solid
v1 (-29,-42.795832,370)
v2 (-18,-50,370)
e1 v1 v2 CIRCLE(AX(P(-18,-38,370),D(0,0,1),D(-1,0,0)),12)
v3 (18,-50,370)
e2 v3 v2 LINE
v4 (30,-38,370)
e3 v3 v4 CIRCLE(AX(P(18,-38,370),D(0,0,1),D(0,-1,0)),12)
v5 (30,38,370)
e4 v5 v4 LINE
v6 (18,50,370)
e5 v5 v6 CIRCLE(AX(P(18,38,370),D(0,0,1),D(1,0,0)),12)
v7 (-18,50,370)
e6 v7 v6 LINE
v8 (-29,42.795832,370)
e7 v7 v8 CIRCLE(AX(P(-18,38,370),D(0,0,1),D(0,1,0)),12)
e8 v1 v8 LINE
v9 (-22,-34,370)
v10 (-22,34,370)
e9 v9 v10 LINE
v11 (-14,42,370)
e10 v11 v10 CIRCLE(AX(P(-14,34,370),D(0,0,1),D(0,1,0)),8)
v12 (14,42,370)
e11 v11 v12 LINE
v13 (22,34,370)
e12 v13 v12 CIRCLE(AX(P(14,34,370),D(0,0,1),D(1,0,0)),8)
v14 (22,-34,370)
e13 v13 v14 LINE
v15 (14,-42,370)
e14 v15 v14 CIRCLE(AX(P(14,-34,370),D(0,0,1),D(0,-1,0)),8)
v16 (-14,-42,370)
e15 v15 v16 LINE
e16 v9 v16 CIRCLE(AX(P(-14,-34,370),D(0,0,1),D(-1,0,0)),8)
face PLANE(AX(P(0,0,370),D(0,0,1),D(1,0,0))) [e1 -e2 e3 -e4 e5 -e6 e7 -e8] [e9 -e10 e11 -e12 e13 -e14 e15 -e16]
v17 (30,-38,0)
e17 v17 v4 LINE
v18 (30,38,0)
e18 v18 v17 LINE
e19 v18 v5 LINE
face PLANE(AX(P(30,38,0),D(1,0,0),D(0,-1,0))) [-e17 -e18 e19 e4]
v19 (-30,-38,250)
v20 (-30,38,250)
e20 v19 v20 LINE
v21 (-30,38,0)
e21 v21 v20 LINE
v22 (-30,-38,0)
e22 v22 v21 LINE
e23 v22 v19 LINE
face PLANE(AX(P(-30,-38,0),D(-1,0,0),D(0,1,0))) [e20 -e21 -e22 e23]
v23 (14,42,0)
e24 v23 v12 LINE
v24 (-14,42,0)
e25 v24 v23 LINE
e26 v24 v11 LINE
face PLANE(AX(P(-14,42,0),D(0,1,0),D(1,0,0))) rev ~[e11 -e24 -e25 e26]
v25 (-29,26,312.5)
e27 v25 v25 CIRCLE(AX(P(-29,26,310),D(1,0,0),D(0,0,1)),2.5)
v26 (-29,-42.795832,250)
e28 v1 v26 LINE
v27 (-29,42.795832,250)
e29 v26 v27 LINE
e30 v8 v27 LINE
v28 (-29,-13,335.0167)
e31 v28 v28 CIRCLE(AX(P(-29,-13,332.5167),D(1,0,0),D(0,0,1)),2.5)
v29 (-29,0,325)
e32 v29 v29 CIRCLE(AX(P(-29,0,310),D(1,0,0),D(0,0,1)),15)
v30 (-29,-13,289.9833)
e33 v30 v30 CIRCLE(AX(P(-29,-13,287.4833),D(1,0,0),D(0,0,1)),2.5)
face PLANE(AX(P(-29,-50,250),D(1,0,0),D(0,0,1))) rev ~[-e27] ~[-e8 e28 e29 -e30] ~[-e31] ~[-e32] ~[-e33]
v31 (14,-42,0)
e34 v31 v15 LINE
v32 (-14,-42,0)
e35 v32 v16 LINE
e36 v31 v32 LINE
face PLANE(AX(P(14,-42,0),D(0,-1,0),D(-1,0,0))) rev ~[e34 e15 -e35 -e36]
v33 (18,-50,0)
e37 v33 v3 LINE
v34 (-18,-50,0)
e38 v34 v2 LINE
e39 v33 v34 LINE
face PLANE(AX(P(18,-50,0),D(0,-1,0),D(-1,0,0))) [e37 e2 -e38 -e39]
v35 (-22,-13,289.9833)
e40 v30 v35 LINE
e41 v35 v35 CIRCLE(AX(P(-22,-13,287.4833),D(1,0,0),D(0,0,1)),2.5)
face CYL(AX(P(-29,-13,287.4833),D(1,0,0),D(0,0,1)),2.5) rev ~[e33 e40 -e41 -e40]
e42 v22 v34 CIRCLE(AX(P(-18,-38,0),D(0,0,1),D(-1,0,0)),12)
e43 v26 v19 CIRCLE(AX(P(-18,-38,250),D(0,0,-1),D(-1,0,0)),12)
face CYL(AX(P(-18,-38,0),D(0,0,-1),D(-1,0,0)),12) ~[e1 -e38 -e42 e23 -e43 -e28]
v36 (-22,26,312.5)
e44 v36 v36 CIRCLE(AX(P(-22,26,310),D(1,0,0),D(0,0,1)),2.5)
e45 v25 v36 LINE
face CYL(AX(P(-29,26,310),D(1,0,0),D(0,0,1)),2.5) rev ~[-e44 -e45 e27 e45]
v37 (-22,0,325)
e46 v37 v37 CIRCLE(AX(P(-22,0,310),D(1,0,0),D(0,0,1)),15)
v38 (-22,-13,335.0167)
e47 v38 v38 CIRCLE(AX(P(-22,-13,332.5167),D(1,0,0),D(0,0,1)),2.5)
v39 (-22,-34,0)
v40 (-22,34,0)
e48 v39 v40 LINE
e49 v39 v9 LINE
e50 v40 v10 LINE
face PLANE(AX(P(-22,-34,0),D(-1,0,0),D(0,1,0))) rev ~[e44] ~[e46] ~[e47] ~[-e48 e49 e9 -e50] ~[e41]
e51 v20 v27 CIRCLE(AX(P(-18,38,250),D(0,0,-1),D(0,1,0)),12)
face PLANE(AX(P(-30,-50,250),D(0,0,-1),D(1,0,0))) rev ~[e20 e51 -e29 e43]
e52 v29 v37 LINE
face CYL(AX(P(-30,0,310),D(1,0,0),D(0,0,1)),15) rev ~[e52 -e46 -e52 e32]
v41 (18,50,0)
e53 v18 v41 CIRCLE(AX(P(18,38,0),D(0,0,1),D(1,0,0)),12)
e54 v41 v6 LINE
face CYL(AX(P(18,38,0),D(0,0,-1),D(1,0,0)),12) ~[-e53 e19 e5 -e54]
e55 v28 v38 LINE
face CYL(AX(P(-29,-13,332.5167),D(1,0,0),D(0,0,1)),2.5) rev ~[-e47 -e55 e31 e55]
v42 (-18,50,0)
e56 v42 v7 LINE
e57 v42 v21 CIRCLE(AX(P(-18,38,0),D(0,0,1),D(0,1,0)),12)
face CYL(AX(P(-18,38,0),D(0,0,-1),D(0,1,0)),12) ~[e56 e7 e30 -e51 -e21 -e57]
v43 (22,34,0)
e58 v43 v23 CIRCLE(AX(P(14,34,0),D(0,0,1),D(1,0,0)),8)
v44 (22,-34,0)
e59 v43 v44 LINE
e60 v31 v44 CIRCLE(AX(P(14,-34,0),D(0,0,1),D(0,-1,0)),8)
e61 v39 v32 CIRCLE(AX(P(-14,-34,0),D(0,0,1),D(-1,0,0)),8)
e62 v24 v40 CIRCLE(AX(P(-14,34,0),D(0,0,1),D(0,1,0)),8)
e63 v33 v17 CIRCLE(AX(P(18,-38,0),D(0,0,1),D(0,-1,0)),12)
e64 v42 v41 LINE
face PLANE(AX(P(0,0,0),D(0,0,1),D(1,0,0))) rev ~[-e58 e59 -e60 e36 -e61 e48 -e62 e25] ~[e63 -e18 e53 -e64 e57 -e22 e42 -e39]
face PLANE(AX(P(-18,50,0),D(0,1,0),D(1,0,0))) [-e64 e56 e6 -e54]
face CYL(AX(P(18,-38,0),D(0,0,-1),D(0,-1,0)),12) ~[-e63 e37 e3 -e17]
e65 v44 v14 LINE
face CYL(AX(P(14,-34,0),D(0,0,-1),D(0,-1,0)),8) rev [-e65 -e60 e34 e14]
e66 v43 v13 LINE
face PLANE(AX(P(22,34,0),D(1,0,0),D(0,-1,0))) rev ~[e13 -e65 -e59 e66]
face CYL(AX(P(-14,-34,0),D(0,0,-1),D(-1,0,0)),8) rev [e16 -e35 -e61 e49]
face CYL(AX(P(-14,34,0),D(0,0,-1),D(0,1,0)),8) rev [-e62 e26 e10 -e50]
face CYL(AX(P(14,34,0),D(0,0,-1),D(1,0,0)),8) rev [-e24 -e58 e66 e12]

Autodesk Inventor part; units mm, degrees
ref_plane "YZ Plane" through (0, 0, 0) normal (1, 0, 0) x (0, 1, 0)
ref_plane "Startebene" through (0, 0, 0) normal (0, 0, 1) x (1, 0, 0)
ref_plane "Endebene" through (0, 0, 370) normal (0, 0, 1) x (1, 0, 0)
sketch "Skizze" plane through (0, 0, 0) normal (0, 0, 1) x (1, 0, 0)
  line L0 (-30, -38) -> (-30, 38)
  line L1 (-18, 50) -> (18, 50)
  line L2 (30, 38) -> (30, -38)
  line L3 (18, -50) -> (-18, -50)
  arc A0 (-30, -38) -> (-18, -50) centre (-18, -38) ccw
  arc A1 (-18, 50) -> (-30, 38) centre (-18, 38) ccw
  arc A2 (30, 38) -> (18, 50) centre (18, 38) ccw
  arc A3 (18, -50) -> (30, -38) centre (18, -38) ccw
  line L4 (-14, 42) -> (14, 42)
  line L5 (22, 34) -> (22, -34)
  line L6 (14, -42) -> (-14, -42)
  line L7 (-22, -34) -> (-22, 34)
  line L8 (0, 73.4794) -> (0, -73.4794) construction
  line L9 (-45.4794, 0) -> (45.4794, 0) construction
  arc A4 (-22, -34) -> (-14, -42) centre (-14, -34) ccw
  arc A5 (-14, 42) -> (-22, 34) centre (-14, 34) ccw
  arc A6 (22, 34) -> (14, 42) centre (14, 34) ccw
  arc A7 (14, -42) -> (22, -34) centre (14, -34) ccw
  dimension "d7" = 12
  dimension "d10" = 100
  dimension "d11" = 60
  dimension "d12" = 8
  dimension "d15" = 50
  dimension "d16" = 30
  dimension "d19" = 8
  dimension "d20" = 8
extrude "Körper" add sketch "Skizze" along normal up to surface (370 mm away) from surface at 0
sketch "Sketch3" plane through (0, 0, 0) normal (0, 0, 1) x (1, 0, 0)
  line L0 (0, 0) -> (10, 0)
ref_plane "Work Plane3" through (0, 0, 0) normal (0, -1, 0) x (1, 0, 0)
sketch "Sketch4" plane through (0, 0, 0) normal (0, -1, 0) x (1, 0, 0)
  line L0 (-2, 0) -> (12, 0)
  line L1 (-2, 370) -> (12, 370)
  dimension "d18" = 370
sketch "Skizze6" plane through (-30, 38, 0) normal (-1, 0, 0) x (0, 0, 1)
  line L0 (0, -76) -> (0, 0) projected
  line L1 (0, -88) -> (370, -88) projected
  point P0 (0, -38)
  point P1 (310, -38)
  dimension "d30" = 50
  dimension "d31" = 310
hole "Bohrung2" at (-30, 0, 310) direction (1, 0, 0) diameter 30 depth 20 tip angle 118
sketch "Skizze7" plane through (-18, -50, 0) normal (0, -1, 0) x (1, 0, 0)
  line L0 (-12, 0) -> (-12, 370) projected
  line L1 (-12, 370) -> (0, 370) projected
  line L2 (-12, 250) -> (-11, 250)
  line L3 (-11, 250) -> (-11, 370)
  line L4 (-11, 370) -> (-12, 370)
  line L5 (-12, 370) -> (-12, 250)
  point P0 (18, 0)
  dimension "d39" = 120
  dimension "d40" = 1
extrude "Extrusion2" cut sketch "Skizze7" against normal through all
sketch "Skizze9" plane through (-29, -42.7958, 370) normal (-1, 0, 0) x (0, 0, 1)
  circle A0 centre (-60, 42.7958) radius 15 projected
  point P0 (-370, 42.7958)
  point P1 (-60, 68.7958)
  point P2 (-82.5167, 29.7958)
  point P3 (-37.4833, 29.7958)
  dimension "d62" = 26
  dimension "d63" = 0
  dimension "d66" = 360
hole "Bohrung4" at (-29, 26, 310) at (-29, -13, 287.4833) at (-29, -13, 332.5167) direction (1, 0, 0) diameter 5 depth 35 tip angle 118
thread "Gewinde4" size "M6x1" class "6H" standard "ANSI Metric M Profile" full length
thread "Gewinde5" size "M6x1" class "6H" standard "ANSI Metric M Profile" full length
thread "Gewinde6" size "M6x1" class "6H" standard "ANSI Metric M Profile" full length
equation "\"d7\" = G_IR"
equation "\"d10\" = G_H"
equation "\"d11\" = G_W"
equation "\"d12\" = G_T"
equation "\"d15\" = 0.5 * d10"
equation "\"d16\" = 0.5 * d11"
equation "\"d19\" = G_T"
equation "\"d20\" = G_T"
equation "\"d3\" = G_L"
equation "\"G_W\" = 60"
equation "\"G_H\" = 100"
equation "\"G_T\" = 8"
equation "\"G_IR\" = 12"
equation "\"G_L\" = d18"
equation "\"G_OFFSET_START\" = 0"
equation "\"G_OFFSET_END\" = 0"
properties part number "EN 10210-2 - 90 x 50 x 5 - 340" material "Stahl, weich"
